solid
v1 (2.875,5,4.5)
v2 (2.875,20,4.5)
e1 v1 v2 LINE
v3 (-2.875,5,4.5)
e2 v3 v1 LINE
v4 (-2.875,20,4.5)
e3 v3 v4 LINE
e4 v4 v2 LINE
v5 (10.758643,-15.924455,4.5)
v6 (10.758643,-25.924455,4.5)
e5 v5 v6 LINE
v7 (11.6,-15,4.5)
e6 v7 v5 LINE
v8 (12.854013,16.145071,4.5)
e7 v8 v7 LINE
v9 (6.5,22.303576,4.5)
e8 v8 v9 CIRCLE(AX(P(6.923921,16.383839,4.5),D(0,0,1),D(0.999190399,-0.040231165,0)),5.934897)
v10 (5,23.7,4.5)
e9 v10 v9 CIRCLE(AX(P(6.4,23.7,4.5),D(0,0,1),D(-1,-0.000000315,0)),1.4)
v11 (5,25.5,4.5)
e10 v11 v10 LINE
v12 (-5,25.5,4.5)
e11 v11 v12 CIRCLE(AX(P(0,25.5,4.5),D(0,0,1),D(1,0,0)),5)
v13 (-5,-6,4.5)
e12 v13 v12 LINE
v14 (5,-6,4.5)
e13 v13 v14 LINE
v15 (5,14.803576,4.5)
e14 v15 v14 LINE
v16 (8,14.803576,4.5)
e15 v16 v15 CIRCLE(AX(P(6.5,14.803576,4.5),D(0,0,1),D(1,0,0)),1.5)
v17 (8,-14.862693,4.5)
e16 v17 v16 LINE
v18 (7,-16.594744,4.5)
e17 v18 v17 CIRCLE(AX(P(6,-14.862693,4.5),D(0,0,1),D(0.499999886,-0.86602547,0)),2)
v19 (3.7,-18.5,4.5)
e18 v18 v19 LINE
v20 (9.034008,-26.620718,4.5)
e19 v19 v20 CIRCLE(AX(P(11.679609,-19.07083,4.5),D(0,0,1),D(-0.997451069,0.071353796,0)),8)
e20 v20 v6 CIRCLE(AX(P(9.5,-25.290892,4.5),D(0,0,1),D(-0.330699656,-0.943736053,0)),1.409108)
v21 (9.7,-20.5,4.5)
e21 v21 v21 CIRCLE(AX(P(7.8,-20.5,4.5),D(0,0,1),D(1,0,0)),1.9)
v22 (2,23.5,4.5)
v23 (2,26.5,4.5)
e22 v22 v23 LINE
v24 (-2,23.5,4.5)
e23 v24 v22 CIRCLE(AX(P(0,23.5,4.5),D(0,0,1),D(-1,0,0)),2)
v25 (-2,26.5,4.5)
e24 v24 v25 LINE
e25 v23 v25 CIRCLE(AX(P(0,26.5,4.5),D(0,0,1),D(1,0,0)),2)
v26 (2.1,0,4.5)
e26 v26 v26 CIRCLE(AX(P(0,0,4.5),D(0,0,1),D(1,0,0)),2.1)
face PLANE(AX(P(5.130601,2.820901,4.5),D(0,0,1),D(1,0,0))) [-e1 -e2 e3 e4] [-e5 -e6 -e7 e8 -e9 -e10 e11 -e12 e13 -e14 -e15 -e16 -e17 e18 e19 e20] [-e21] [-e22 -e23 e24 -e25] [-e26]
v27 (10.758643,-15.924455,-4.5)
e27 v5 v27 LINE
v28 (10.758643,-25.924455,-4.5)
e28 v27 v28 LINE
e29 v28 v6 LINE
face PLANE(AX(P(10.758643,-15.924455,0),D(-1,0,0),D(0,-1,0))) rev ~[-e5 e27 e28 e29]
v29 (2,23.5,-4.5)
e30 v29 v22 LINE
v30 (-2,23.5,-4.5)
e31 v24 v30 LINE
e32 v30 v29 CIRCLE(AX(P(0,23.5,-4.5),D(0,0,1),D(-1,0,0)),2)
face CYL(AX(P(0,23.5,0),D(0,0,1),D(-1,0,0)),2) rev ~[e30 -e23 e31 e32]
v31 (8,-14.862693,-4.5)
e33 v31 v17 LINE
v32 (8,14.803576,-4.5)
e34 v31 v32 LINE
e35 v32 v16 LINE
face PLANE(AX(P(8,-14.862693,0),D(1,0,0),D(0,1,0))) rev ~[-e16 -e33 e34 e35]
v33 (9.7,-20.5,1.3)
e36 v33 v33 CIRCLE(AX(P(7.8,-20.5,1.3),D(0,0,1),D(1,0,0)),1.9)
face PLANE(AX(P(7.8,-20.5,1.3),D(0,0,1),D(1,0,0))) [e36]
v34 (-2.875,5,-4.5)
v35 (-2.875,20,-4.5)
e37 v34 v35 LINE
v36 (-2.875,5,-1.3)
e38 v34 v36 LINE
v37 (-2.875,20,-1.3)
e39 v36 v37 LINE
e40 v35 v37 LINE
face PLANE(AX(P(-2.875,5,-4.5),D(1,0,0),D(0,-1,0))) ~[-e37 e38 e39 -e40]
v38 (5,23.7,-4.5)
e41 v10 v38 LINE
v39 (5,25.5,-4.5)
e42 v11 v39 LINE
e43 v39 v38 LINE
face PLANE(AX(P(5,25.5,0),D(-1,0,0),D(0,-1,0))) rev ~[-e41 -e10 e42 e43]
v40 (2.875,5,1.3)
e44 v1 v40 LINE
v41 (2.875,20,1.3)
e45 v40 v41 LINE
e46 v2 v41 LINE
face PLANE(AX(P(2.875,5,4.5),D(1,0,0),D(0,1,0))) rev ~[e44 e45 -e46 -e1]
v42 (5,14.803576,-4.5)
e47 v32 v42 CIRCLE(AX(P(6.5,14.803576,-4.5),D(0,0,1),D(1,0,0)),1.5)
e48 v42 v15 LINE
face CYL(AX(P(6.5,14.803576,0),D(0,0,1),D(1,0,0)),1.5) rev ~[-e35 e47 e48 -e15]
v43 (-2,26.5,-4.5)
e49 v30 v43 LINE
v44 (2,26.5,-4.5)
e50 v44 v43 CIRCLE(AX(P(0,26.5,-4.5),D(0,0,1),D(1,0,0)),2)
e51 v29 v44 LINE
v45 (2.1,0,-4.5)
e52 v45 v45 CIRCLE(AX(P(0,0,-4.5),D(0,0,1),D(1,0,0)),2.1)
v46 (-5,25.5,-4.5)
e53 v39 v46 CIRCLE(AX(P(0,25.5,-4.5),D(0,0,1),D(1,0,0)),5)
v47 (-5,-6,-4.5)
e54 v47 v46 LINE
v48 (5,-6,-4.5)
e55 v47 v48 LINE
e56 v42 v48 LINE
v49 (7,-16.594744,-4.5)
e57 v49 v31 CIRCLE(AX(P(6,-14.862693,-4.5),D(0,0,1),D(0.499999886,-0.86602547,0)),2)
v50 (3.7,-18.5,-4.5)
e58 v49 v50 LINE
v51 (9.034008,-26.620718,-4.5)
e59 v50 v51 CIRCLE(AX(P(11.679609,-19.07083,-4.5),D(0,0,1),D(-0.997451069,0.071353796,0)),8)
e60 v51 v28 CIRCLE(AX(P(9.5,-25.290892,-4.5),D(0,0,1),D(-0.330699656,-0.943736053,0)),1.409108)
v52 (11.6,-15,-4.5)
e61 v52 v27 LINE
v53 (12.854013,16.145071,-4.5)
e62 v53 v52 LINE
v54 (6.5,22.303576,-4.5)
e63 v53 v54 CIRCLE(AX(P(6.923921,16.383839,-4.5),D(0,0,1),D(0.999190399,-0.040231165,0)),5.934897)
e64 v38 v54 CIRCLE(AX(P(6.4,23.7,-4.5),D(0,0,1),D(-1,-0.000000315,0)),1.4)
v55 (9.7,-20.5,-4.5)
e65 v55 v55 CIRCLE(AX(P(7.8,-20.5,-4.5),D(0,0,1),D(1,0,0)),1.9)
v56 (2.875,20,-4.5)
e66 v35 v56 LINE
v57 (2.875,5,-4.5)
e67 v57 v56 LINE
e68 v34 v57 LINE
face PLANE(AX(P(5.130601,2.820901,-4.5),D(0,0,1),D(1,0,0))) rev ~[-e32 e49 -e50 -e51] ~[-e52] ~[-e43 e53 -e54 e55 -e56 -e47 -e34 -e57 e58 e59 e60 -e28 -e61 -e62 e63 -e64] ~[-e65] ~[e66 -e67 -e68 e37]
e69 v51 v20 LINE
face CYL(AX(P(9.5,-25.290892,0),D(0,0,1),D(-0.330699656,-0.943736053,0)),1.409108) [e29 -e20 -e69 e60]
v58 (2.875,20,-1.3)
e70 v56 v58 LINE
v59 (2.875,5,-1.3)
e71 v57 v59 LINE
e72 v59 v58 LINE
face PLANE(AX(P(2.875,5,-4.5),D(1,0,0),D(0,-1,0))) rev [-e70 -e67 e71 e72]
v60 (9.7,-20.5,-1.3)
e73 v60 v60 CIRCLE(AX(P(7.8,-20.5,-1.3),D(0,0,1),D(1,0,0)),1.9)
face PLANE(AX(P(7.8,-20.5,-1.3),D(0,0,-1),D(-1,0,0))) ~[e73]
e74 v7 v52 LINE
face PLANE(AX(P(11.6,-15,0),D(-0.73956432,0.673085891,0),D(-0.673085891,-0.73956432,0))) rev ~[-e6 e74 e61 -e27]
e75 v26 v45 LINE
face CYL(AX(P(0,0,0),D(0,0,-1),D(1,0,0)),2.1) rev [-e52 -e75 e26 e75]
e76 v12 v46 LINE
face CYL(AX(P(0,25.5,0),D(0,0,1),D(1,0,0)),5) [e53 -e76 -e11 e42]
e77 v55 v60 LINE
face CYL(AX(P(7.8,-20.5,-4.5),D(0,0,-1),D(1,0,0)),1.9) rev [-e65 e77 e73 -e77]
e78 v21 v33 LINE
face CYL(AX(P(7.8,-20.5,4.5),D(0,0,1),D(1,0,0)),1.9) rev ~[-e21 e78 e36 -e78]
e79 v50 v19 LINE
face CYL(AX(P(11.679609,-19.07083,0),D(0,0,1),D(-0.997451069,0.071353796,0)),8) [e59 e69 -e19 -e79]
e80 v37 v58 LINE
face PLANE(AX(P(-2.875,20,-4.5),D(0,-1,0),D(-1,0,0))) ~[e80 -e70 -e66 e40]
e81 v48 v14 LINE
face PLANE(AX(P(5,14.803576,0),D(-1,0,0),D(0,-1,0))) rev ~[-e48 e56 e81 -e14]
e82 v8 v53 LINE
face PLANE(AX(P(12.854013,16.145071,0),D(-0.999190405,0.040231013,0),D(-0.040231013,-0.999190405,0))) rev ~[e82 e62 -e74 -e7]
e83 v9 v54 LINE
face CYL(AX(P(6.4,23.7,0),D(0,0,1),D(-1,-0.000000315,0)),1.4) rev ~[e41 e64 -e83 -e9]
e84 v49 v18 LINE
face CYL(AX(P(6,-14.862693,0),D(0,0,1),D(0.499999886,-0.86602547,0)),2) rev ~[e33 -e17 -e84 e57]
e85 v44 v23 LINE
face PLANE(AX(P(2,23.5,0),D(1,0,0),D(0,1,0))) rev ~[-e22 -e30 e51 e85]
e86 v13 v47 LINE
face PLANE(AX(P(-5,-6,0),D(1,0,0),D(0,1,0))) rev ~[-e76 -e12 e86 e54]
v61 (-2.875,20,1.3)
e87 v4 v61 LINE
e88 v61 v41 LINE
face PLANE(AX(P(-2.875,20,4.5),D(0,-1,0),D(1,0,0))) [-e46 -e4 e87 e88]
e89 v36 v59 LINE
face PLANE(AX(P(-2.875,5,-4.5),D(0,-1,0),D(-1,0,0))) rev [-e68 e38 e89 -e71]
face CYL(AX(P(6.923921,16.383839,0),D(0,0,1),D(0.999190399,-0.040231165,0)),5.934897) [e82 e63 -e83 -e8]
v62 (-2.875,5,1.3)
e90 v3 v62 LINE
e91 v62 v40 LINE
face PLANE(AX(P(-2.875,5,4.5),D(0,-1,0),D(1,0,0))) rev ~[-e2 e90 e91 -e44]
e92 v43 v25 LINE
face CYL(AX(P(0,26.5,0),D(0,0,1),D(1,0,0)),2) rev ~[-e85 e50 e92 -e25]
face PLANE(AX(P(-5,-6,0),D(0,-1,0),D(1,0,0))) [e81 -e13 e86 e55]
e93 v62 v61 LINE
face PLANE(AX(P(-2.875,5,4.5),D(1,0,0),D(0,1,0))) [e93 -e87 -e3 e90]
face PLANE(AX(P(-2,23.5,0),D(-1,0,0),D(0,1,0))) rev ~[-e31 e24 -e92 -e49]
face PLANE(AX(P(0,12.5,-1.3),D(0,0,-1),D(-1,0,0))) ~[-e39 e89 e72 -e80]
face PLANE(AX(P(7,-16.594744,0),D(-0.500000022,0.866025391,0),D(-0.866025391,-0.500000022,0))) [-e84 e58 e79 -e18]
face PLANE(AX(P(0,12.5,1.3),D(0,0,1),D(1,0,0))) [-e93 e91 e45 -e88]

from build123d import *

# Parameters (mm, degrees)
SKETCH_R     = 2.1
PAD_DEPTH    = 4.5
SKETCH001_R  = 1.9
SKETCH001_W  = 5.75
SKETCH001_H  = 15
POCKET_DEPTH = 3.2


with BuildPart() as part:
    # Sketch → Pad (new body, symmetric)
    with BuildSketch(Plane.XY):
        with BuildLine():
            Line((-5, -6), (5, -6))
            Line((5, 14.803576), (5, -6))
            ThreePointArc((8, 14.803576), (6.5, 16.303576), (5, 14.803576))
            Line((8, -14.862693), (8, 14.803576))
            ThreePointArc((7, -16.594744), (7.732051, -15.862693), (8, -14.862693))
            Line((7, -16.594744), (3.7, -18.5))
            ThreePointArc((3.7, -18.5), (4.993034, -23.462837), (9.034008, -26.620718))
            ThreePointArc((9.034008, -26.620718), (10.027512, -26.597535), (10.758643, -25.924455))
            Line((10.758643, -15.924455), (10.758643, -25.924455))
            Line((11.6, -15), (10.758643, -15.924455))
            Line((12.854013, 16.145071), (11.6, -15))
            ThreePointArc((12.854013, 16.145071), (11.054451, 20.645496), (6.5, 22.303576))
            ThreePointArc((5, 23.7), (5.446061, 22.675305), (6.5, 22.303576))
            Line((5, 25.5), (5, 23.7))
            ThreePointArc((5, 25.5), (0, 30.5), (-5, 25.5))
            Line((-5, -6), (-5, 25.5))
        make_face()
        Circle(SKETCH_R, mode=Mode.SUBTRACT)
        with BuildLine():
            ThreePointArc((-2, 23.5), (0, 21.5), (2, 23.5))
            Line((2, 23.5), (2, 26.5))
            ThreePointArc((2, 26.5), (0, 28.5), (-2, 26.5))
            Line((-2, 23.5), (-2, 26.5))
        make_face(mode=Mode.SUBTRACT)
    extrude(amount=PAD_DEPTH, both=True)

    # Sketch001 (on Face23 of Pad) → Pocket (cut)
    with BuildSketch(Plane.XY.offset(4.5)):
        with Locations((7.8, -20.5)):
            Circle(SKETCH001_R)
        with Locations((0, 12.5)):
            Rectangle(SKETCH001_W, SKETCH001_H)
    pocket = extrude(amount=-POCKET_DEPTH, mode=Mode.SUBTRACT)

    # Mirrored: Pocket across XY
    add(pocket.mirror(Plane.XY), mode=Mode.SUBTRACT)


solid = part.part
